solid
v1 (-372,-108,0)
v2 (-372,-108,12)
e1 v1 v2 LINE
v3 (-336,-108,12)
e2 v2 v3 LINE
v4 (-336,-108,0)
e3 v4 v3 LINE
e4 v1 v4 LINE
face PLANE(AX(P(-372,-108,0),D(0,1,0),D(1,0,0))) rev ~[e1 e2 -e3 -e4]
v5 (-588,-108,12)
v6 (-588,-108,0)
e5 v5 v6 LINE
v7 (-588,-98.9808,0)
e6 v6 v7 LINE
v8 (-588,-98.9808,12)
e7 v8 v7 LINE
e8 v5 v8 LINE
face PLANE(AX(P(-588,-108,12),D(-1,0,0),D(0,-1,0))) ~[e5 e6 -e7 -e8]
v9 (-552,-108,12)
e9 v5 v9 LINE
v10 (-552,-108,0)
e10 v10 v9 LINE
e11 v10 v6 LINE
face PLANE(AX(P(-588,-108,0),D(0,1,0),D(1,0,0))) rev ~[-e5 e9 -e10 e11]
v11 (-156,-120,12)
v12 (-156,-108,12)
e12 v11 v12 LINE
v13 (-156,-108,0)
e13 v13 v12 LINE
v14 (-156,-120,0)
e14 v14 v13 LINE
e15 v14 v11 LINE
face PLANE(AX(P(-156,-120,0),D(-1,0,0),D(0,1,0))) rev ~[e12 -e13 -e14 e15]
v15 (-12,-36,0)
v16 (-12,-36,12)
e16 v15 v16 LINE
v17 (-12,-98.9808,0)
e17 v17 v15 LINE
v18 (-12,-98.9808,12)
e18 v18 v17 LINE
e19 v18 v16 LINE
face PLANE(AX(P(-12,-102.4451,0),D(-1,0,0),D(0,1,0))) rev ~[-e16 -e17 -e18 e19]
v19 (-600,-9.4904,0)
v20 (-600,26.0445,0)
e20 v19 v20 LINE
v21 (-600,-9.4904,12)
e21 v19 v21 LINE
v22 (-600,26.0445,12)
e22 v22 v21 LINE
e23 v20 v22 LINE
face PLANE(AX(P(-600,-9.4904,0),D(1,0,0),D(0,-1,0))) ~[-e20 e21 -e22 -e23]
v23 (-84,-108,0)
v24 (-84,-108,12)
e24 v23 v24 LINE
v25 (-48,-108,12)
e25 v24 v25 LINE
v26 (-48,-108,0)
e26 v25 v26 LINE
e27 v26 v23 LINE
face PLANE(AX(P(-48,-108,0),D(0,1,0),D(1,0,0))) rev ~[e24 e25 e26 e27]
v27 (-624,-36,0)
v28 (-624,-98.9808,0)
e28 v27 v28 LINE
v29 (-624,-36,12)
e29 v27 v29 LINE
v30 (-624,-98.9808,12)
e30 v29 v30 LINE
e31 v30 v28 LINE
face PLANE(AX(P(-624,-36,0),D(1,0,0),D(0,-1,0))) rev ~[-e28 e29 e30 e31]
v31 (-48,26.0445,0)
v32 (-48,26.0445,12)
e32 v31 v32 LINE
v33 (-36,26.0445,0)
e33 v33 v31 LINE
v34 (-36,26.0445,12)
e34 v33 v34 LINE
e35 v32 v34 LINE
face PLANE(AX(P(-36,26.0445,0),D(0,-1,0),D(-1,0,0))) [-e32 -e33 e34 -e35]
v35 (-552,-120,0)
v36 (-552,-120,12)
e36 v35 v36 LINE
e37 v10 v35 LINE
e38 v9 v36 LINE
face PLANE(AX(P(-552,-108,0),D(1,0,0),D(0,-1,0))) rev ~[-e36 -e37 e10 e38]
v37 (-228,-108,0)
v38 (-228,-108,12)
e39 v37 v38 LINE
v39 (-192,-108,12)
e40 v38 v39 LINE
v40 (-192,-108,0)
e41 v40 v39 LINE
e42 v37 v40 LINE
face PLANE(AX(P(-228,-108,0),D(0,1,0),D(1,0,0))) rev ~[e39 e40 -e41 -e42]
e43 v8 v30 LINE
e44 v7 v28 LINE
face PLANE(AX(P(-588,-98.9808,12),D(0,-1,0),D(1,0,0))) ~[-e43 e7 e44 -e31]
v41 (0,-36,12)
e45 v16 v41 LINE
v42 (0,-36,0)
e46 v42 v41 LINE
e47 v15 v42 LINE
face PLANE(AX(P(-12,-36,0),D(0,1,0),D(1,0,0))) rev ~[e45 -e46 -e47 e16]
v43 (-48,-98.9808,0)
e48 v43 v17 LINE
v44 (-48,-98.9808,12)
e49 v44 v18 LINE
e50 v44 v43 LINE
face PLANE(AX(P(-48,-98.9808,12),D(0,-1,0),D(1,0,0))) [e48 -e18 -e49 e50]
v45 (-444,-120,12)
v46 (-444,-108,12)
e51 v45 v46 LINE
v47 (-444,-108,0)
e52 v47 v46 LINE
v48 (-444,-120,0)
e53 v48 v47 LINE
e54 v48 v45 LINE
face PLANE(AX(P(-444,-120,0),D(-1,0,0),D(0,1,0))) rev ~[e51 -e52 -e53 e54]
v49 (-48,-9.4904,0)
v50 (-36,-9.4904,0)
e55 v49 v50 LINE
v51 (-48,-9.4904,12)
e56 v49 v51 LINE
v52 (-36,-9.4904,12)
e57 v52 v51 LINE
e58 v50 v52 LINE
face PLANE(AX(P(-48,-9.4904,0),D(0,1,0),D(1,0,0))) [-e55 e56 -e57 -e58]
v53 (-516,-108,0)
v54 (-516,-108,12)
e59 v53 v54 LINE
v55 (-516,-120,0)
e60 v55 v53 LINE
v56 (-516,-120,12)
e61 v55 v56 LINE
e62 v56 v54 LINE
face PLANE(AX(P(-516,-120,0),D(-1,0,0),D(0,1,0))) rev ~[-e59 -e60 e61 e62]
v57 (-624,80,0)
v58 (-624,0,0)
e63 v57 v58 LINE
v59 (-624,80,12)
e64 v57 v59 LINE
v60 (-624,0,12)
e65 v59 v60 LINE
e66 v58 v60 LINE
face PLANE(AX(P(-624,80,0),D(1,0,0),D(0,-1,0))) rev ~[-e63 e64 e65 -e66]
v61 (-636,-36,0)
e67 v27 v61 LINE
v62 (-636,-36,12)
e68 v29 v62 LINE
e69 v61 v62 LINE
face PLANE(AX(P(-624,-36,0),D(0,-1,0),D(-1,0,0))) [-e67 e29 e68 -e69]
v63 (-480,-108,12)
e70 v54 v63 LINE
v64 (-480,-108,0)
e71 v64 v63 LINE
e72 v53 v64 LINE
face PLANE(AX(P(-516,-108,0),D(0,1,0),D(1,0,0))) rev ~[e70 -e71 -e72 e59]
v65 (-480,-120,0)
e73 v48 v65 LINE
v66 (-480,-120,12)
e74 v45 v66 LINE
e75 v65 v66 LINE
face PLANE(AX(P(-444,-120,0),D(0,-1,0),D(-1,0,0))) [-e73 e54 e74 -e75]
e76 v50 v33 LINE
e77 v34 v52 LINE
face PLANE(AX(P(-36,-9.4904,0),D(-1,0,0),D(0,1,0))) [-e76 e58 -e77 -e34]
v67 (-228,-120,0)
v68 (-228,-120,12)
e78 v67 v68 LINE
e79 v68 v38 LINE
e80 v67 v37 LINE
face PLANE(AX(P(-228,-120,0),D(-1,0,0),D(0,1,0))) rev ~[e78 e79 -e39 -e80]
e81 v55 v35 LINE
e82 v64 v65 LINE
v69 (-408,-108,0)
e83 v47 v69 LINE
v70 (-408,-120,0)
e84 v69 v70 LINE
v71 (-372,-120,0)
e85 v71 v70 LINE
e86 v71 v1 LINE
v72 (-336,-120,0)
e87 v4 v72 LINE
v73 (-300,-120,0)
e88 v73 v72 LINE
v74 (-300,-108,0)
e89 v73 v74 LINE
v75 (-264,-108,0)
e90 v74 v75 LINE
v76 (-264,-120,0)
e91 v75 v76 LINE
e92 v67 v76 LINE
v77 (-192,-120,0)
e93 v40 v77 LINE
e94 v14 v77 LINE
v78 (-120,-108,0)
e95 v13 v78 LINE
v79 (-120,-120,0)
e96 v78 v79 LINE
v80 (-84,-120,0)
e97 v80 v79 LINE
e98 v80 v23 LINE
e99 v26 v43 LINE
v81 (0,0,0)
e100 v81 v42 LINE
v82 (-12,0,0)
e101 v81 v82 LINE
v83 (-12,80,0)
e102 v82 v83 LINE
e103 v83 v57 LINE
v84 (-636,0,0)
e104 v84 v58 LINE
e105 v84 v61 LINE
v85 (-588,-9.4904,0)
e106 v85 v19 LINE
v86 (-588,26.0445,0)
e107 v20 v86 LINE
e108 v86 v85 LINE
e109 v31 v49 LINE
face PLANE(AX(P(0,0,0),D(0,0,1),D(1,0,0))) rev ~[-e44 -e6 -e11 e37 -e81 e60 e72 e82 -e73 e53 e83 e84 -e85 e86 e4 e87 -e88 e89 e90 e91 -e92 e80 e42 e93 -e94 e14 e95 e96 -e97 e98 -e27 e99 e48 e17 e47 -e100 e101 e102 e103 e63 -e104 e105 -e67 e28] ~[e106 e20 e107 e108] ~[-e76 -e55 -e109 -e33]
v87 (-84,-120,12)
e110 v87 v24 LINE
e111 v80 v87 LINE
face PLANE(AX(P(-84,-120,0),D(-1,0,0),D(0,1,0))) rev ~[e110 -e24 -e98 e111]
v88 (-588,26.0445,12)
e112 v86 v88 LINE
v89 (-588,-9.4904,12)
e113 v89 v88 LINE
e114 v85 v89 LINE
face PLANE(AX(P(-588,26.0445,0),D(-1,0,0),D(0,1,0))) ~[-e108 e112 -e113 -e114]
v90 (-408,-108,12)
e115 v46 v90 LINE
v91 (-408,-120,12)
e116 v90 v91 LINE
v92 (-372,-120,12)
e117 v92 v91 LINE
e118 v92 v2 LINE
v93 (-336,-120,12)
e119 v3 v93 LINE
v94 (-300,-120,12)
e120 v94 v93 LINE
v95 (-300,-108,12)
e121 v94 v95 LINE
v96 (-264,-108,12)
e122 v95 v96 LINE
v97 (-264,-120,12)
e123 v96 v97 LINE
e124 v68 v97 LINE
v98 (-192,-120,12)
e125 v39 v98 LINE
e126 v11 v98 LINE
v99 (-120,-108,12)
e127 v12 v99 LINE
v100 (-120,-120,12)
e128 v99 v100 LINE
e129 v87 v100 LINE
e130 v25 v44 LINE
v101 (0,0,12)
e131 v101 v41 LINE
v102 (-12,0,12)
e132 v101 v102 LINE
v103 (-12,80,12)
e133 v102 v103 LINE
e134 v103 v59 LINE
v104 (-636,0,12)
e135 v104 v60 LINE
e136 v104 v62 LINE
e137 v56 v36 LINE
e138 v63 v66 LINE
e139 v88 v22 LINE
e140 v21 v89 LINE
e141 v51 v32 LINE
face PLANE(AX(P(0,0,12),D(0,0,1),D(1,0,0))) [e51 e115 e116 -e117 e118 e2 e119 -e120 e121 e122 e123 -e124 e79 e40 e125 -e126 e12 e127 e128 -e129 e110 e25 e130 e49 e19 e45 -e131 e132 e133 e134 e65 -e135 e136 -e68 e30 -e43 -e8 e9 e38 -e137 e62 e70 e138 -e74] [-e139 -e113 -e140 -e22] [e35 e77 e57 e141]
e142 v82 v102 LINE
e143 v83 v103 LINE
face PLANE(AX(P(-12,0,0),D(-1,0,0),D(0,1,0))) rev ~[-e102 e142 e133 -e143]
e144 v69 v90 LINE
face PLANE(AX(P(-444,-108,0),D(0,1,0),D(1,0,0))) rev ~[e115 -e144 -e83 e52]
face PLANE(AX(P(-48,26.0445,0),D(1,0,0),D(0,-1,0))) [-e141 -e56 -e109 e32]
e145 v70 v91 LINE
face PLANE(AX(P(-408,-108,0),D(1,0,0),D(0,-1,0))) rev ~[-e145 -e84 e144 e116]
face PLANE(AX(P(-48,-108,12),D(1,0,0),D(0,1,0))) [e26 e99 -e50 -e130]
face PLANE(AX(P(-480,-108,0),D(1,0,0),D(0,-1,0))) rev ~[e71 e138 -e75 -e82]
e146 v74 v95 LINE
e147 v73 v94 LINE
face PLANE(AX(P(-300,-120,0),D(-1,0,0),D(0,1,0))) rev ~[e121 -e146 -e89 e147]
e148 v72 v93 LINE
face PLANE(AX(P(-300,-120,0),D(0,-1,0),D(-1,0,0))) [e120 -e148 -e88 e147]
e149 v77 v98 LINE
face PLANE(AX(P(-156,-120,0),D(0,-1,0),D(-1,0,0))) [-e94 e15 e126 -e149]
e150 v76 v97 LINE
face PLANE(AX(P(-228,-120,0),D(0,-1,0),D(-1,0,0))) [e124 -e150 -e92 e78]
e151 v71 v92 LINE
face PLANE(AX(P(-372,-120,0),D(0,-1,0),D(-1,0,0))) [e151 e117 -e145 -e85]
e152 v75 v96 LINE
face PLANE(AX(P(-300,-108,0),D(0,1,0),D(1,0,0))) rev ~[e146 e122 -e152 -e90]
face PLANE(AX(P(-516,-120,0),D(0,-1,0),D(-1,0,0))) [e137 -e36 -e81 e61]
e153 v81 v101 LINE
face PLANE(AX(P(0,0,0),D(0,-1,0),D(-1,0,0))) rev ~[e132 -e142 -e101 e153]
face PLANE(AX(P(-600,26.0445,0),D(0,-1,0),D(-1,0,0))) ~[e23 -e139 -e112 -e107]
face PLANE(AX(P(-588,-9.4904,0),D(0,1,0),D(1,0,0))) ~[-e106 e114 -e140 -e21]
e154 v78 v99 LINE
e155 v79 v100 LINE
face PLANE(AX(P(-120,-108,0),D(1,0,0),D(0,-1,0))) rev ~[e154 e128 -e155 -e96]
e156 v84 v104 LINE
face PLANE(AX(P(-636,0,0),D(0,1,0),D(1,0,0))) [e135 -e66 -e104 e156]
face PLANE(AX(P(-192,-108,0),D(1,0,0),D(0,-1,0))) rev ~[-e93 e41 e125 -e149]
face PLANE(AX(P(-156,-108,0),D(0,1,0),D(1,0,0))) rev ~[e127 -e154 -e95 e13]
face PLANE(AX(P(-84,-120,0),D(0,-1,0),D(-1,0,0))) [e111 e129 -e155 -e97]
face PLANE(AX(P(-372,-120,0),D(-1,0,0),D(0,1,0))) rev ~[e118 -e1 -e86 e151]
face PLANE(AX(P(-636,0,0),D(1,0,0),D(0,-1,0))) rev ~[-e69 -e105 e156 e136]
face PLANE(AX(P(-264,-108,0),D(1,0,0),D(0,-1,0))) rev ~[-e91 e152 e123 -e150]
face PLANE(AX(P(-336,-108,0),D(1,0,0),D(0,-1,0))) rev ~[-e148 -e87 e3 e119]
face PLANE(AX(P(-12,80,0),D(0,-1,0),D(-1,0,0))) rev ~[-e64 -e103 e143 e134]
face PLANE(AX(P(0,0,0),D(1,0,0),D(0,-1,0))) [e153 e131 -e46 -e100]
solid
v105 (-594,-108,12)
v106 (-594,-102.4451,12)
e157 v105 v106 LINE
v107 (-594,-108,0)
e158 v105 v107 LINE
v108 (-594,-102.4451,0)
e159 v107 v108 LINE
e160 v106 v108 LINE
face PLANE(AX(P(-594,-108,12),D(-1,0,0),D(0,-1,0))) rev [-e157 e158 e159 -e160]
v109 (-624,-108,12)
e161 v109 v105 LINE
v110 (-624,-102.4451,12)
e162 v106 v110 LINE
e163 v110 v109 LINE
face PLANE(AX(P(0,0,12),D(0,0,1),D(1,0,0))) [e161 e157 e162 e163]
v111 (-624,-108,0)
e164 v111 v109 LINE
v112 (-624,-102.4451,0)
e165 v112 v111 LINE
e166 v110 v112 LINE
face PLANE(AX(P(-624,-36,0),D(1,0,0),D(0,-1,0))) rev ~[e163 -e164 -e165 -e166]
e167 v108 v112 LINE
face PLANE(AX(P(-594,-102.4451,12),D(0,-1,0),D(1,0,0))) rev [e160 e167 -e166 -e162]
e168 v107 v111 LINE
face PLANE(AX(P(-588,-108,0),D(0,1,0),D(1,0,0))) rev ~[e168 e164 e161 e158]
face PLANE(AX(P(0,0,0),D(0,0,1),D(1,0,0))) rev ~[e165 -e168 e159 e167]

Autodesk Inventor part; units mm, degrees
ref_plane "YZ Plane" through (0, 0, 0) normal (1, 0, 0) x (0, 1, 0)
ref_plane "XZ Plane" through (0, 0, 0) normal (0, 1, 0) x (-1, 0, 0)
ref_plane "XY Plane" through (0, 0, 0) normal (0, 0, 1) x (1, 0, 0)
ref_plane "Work Plane1" through (0, 0, 0) normal (0, 0, 1) x (1, 0, 0)
ref_plane "Work Plane2" through (0, 0, 0) normal (0, 0, 1) x (1, 0, 0)
ref_plane "Work Plane3" through (0, -36, 12) normal (0, 0, -1) x (-1, 0, 0)
ref_plane "Work Plane4" through (0, 0, 0) normal (0, 0, 1) x (1, 0, 0)
sketch "Sketch2" plane through (0, 0, 0) normal (0, 0, 1) x (1, 0, 0)
  line L0 (0, -120) -> (-12, -120)
  line L1 (-12, -120) -> (-12, -36)
  line L2 (-12, -36) -> (0, -36)
  line L3 (0, 0) -> (0, -36)
  line L4 (0, 0) -> (-12, 0)
  line L5 (-12, 0) -> (-12, 102.2276)
  line L6 (-12, 102.2276) -> (0, 102.2276)
  line L7 (0, 102.2276) -> (0, 0)
  line L8 (0, -36) -> (0, -120)
  line L9 (-12, -36) -> (-12, 0)
  line L10 (-12, -112.5877) -> (-42, -112.5877)
  line L11 (-42, -112.5877) -> (-42, -108)
  line L12 (-48, -108) -> (-42, -108)
  line L13 (-84, -108) -> (-48, -108)
  line L14 (-120, -108) -> (-84, -108)
  line L15 (-156, -108) -> (-120, -108)
  line L16 (-192, -108) -> (-156, -108)
  line L17 (-228, -108) -> (-192, -108)
  line L18 (-264, -108) -> (-228, -108)
  line L19 (-300, -108) -> (-264, -108)
  line L20 (-336, -108) -> (-300, -108)
  line L21 (-372, -108) -> (-336, -108)
  line L22 (-408, -108) -> (-372, -108)
  line L23 (-444, -108) -> (-408, -108)
  line L24 (-480, -108) -> (-444, -108)
  line L25 (-516, -108) -> (-480, -108)
  line L26 (-552, -108) -> (-516, -108)
  line L27 (-588, -108) -> (-552, -108)
  line L28 (-624, -108) -> (-588, -108)
  line L29 (-624, -120) -> (-624, -108)
  line L30 (-588, -120) -> (-624, -120)
  line L31 (-588, -120) -> (-588, -108)
  line L32 (-12, -112.5877) -> (-12, -120)
  line L33 (-12, -102.4451) -> (-12, -112.5877)
  line L34 (-42, -102.4451) -> (-12, -102.4451)
  line L35 (-42, -108) -> (-42, -102.4451)
  line L36 (-48, -108) -> (-48, -120)
  line L37 (-12, -120) -> (-48, -120)
  line L38 (-84, -120) -> (-84, -108)
  line L39 (-48, -120) -> (-84, -120)
  line L40 (-120, -108) -> (-120, -120)
  line L41 (-84, -120) -> (-120, -120)
  line L42 (-156, -120) -> (-156, -108)
  line L43 (-120, -120) -> (-156, -120)
  line L44 (-192, -108) -> (-192, -120)
  line L45 (-156, -120) -> (-192, -120)
  line L46 (-228, -120) -> (-228, -108)
  line L47 (-192, -120) -> (-228, -120)
  line L48 (-264, -108) -> (-264, -120)
  line L49 (-228, -120) -> (-264, -120)
  line L50 (-300, -120) -> (-300, -108)
  line L51 (-264, -120) -> (-300, -120)
  line L52 (-336, -108) -> (-336, -120)
  line L53 (-300, -120) -> (-336, -120)
  line L54 (-372, -120) -> (-372, -108)
  line L55 (-336, -120) -> (-372, -120)
  line L56 (-408, -108) -> (-408, -120)
  line L57 (-372, -120) -> (-408, -120)
  line L58 (-444, -120) -> (-444, -108)
  line L59 (-408, -120) -> (-444, -120)
  line L60 (-480, -108) -> (-480, -120)
  line L61 (-444, -120) -> (-480, -120)
  line L62 (-516, -120) -> (-516, -108)
  line L63 (-480, -120) -> (-516, -120)
  line L64 (-552, -108) -> (-552, -120)
  line L65 (-516, -120) -> (-552, -120)
  line L66 (-552, -120) -> (-588, -120)
  line L67 (-624, -108) -> (-12, -108)
  line L68 (-12, -108) -> (-12, 80)
  line L69 (-12, 80) -> (-624, 80)
  line L70 (-624, 80) -> (-624, -108)
  line L71 (-624, 80) -> (-12, 80) projected
  line L72 (-318, 80) -> (-318, -65.4515) construction
  line L73 (-624, -36) -> (-636, -36)
  line L74 (-636, 0) -> (-636, -36)
  line L75 (-636, 0) -> (-624, 0)
  line L76 (-624, -36) -> (-624, 0)
  dimension "d0" = 306
  dimension "d1" = 306
extrude "Extrusion1" add sketch "Sketch2" along normal blind 12 contours L2 L9 L4 L3 | L1 L34 L35 L12 L13 L14 L15 L16 L17 L18 L19 L20 L21 L22 L23 L24 L25 L26 L27 L28 L70 L69 L5 L9 | L41 L40 L14 L38 | L45 L44 L16 L42 | L70 L73 L74 L75 | L49 L48 L18 L46 | L53 L52 L20 L50 | L26 L62 L65 L64 | L57 L56 L22 L54 | L24 L58 L61 L60
sketch "Sketch4" plane through (0, 0, 12) normal (0, 0, 1) x (1, 0, 0)
  line L0 (-48, -98.9808) -> (-12, -98.9808) projected
  line L1 (-48, -204.6359) -> (-48, -98.9808) projected
  line L2 (-12, 80) -> (-624, 80) projected
  line L3 (-624, 80) -> (-624, 0) projected
  line L4 (-624, 0) -> (-636, 0) projected
  line L5 (-636, 0) -> (-636, -36) projected
  line L6 (-636, -36) -> (-624, -36) projected
  line L7 (-624, -36) -> (-624, -108) projected
  line L8 (-624, -108) -> (-552, -108) projected
  line L9 (-552, -108) -> (-552, -120) projected
  line L10 (-552, -120) -> (-516, -120) projected
  line L11 (-516, -120) -> (-516, -108) projected
  line L12 (-516, -108) -> (-480, -108) projected
  line L13 (-480, -108) -> (-480, -120) projected
  line L14 (-480, -120) -> (-444, -120) projected
  line L15 (-444, -120) -> (-444, -108) projected
  line L16 (-444, -108) -> (-408, -108) projected
  line L17 (-408, -108) -> (-408, -120) projected
  line L18 (-408, -120) -> (-372, -120) projected
  line L19 (-372, -120) -> (-372, -108) projected
  line L20 (-372, -108) -> (-336, -108) projected
  line L21 (-336, -108) -> (-336, -120) projected
  line L22 (-336, -120) -> (-300, -120) projected
  line L23 (-300, -120) -> (-300, -108) projected
  line L24 (-300, -108) -> (-264, -108) projected
  line L25 (-264, -108) -> (-264, -120) projected
  line L26 (-264, -120) -> (-228, -120) projected
  line L27 (-228, -120) -> (-228, -108) projected
  line L28 (-228, -108) -> (-192, -108) projected
  line L29 (-192, -108) -> (-192, -120) projected
  line L30 (-192, -120) -> (-156, -120) projected
  line L31 (-156, -120) -> (-156, -108) projected
  line L32 (-156, -108) -> (-120, -108) projected
  line L33 (-120, -108) -> (-120, -120) projected
  line L34 (-120, -120) -> (-84, -120) projected
  line L35 (-84, -120) -> (-84, -108) projected
  line L36 (-84, -108) -> (-42, -108) projected
  line L37 (-42, -108) -> (-42, -102.4451) projected
  line L38 (-42, -102.4451) -> (-12, -102.4451) projected
  line L39 (-12, -102.4451) -> (-12, -36) projected
  line L40 (-12, -36) -> (0, -36) projected
  line L41 (0, -36) -> (0, 0) projected
  line L42 (0, 0) -> (-12, 0) projected
  line L43 (-12, 0) -> (-12, 80) projected
  point P0 (-48, -108)
  point P1 (-12.9115, -102.4451)
extrude "Extrusion2" cut sketch "Sketch4" against normal blind 12 contours L0 L39 L38 L37 L36 L1
ref_plane "Work Plane5" through (-318, -36, 0) normal (-1, 0, 0) x (0, 0, 1)
mirror "Mirror1" about plane through (-318, -36, 0) normal (-1, 0, 0) of "Extrusion2"
sketch "Sketch7" plane through (0, 0, 0) normal (0, 0, -1) x (-1, 0, 0)
  line L0 (48, -9.4904) -> (36, -9.4904)
  line L1 (36, -9.4904) -> (36, 26.0445)
  line L2 (36, 26.0445) -> (48, 26.0445)
  line L3 (48, 26.0445) -> (48, -9.4904)
  point P0 (0, 0)
extrude "Extrusion3" cut sketch "Sketch7" against normal through all
mirror "Mirror2" about plane through (-318, -36, 0) normal (-1, 0, 0) of "Extrusion3"
sketch "Sketch8" plane through (0, 0, 12) normal (0, 0, 1) x (1, 0, 0)
  line L0 (-600, -9.4904) -> (-600, 26.0445) projected
  line L1 (-600, 26.0445) -> (-588, 26.0445) projected
  line L2 (-588, 26.0445) -> (-588, -9.4904) projected
  line L3 (-588, -9.4904) -> (-600, -9.4904) projected
  line L4 (-48, -9.4904) -> (-48, 26.0445) projected
  line L5 (-48, 26.0445) -> (-36, 26.0445) projected
  line L6 (-36, 26.0445) -> (-36, -9.4904) projected
  line L7 (-36, -9.4904) -> (-48, -9.4904) projected
  line L8 (-588, -98.9808) -> (-588, -108) projected
  line L9 (-588, -108) -> (-552, -108) projected
  line L10 (-552, -108) -> (-552, -120) projected
  line L11 (-552, -120) -> (-516, -120) projected
  line L12 (-516, -120) -> (-516, -108) projected
  line L13 (-516, -108) -> (-480, -108) projected
  line L14 (-480, -108) -> (-480, -120) projected
  line L15 (-480, -120) -> (-444, -120) projected
  line L16 (-444, -120) -> (-444, -108) projected
  line L17 (-444, -108) -> (-408, -108) projected
  line L18 (-408, -108) -> (-408, -120) projected
  line L19 (-408, -120) -> (-372, -120) projected
  line L20 (-372, -120) -> (-372, -108) projected
  line L21 (-372, -108) -> (-336, -108) projected
  line L22 (-336, -108) -> (-336, -120) projected
  line L23 (-336, -120) -> (-300, -120) projected
  line L24 (-300, -120) -> (-300, -108) projected
  line L25 (-300, -108) -> (-264, -108) projected
  line L26 (-264, -108) -> (-264, -120) projected
  line L27 (-264, -120) -> (-228, -120) projected
  line L28 (-228, -120) -> (-228, -108) projected
  line L29 (-228, -108) -> (-192, -108) projected
  line L30 (-192, -108) -> (-192, -120) projected
  line L31 (-192, -120) -> (-156, -120) projected
  line L32 (-156, -120) -> (-156, -108) projected
  line L33 (-156, -108) -> (-120, -108) projected
  line L34 (-120, -108) -> (-120, -120) projected
  line L35 (-120, -120) -> (-84, -120) projected
  line L36 (-84, -120) -> (-84, -108) projected
  line L37 (-84, -108) -> (-48, -108) projected
  line L38 (-48, -108) -> (-48, -98.9808) projected
  line L39 (-48, -98.9808) -> (-12, -98.9808) projected
  line L40 (-12, -98.9808) -> (-12, -36) projected
  line L41 (-12, -36) -> (0, -36) projected
  line L42 (0, -36) -> (0, 0) projected
  line L43 (0, 0) -> (-12, 0) projected
  line L44 (-12, 0) -> (-12, 80) projected
  line L45 (-12, 80) -> (-624, 80) projected
  line L46 (-624, 80) -> (-624, 0) projected
  line L47 (-624, 0) -> (-636, 0) projected
  line L48 (-636, 0) -> (-636, -36) projected
  line L49 (-636, -36) -> (-624, -36) projected
  line L50 (-624, -36) -> (-624, -98.9808) projected
  line L51 (-624, -98.9808) -> (-588, -98.9808) projected
equation "\"d0\" = d1"
properties part number "wooden_bottom"
